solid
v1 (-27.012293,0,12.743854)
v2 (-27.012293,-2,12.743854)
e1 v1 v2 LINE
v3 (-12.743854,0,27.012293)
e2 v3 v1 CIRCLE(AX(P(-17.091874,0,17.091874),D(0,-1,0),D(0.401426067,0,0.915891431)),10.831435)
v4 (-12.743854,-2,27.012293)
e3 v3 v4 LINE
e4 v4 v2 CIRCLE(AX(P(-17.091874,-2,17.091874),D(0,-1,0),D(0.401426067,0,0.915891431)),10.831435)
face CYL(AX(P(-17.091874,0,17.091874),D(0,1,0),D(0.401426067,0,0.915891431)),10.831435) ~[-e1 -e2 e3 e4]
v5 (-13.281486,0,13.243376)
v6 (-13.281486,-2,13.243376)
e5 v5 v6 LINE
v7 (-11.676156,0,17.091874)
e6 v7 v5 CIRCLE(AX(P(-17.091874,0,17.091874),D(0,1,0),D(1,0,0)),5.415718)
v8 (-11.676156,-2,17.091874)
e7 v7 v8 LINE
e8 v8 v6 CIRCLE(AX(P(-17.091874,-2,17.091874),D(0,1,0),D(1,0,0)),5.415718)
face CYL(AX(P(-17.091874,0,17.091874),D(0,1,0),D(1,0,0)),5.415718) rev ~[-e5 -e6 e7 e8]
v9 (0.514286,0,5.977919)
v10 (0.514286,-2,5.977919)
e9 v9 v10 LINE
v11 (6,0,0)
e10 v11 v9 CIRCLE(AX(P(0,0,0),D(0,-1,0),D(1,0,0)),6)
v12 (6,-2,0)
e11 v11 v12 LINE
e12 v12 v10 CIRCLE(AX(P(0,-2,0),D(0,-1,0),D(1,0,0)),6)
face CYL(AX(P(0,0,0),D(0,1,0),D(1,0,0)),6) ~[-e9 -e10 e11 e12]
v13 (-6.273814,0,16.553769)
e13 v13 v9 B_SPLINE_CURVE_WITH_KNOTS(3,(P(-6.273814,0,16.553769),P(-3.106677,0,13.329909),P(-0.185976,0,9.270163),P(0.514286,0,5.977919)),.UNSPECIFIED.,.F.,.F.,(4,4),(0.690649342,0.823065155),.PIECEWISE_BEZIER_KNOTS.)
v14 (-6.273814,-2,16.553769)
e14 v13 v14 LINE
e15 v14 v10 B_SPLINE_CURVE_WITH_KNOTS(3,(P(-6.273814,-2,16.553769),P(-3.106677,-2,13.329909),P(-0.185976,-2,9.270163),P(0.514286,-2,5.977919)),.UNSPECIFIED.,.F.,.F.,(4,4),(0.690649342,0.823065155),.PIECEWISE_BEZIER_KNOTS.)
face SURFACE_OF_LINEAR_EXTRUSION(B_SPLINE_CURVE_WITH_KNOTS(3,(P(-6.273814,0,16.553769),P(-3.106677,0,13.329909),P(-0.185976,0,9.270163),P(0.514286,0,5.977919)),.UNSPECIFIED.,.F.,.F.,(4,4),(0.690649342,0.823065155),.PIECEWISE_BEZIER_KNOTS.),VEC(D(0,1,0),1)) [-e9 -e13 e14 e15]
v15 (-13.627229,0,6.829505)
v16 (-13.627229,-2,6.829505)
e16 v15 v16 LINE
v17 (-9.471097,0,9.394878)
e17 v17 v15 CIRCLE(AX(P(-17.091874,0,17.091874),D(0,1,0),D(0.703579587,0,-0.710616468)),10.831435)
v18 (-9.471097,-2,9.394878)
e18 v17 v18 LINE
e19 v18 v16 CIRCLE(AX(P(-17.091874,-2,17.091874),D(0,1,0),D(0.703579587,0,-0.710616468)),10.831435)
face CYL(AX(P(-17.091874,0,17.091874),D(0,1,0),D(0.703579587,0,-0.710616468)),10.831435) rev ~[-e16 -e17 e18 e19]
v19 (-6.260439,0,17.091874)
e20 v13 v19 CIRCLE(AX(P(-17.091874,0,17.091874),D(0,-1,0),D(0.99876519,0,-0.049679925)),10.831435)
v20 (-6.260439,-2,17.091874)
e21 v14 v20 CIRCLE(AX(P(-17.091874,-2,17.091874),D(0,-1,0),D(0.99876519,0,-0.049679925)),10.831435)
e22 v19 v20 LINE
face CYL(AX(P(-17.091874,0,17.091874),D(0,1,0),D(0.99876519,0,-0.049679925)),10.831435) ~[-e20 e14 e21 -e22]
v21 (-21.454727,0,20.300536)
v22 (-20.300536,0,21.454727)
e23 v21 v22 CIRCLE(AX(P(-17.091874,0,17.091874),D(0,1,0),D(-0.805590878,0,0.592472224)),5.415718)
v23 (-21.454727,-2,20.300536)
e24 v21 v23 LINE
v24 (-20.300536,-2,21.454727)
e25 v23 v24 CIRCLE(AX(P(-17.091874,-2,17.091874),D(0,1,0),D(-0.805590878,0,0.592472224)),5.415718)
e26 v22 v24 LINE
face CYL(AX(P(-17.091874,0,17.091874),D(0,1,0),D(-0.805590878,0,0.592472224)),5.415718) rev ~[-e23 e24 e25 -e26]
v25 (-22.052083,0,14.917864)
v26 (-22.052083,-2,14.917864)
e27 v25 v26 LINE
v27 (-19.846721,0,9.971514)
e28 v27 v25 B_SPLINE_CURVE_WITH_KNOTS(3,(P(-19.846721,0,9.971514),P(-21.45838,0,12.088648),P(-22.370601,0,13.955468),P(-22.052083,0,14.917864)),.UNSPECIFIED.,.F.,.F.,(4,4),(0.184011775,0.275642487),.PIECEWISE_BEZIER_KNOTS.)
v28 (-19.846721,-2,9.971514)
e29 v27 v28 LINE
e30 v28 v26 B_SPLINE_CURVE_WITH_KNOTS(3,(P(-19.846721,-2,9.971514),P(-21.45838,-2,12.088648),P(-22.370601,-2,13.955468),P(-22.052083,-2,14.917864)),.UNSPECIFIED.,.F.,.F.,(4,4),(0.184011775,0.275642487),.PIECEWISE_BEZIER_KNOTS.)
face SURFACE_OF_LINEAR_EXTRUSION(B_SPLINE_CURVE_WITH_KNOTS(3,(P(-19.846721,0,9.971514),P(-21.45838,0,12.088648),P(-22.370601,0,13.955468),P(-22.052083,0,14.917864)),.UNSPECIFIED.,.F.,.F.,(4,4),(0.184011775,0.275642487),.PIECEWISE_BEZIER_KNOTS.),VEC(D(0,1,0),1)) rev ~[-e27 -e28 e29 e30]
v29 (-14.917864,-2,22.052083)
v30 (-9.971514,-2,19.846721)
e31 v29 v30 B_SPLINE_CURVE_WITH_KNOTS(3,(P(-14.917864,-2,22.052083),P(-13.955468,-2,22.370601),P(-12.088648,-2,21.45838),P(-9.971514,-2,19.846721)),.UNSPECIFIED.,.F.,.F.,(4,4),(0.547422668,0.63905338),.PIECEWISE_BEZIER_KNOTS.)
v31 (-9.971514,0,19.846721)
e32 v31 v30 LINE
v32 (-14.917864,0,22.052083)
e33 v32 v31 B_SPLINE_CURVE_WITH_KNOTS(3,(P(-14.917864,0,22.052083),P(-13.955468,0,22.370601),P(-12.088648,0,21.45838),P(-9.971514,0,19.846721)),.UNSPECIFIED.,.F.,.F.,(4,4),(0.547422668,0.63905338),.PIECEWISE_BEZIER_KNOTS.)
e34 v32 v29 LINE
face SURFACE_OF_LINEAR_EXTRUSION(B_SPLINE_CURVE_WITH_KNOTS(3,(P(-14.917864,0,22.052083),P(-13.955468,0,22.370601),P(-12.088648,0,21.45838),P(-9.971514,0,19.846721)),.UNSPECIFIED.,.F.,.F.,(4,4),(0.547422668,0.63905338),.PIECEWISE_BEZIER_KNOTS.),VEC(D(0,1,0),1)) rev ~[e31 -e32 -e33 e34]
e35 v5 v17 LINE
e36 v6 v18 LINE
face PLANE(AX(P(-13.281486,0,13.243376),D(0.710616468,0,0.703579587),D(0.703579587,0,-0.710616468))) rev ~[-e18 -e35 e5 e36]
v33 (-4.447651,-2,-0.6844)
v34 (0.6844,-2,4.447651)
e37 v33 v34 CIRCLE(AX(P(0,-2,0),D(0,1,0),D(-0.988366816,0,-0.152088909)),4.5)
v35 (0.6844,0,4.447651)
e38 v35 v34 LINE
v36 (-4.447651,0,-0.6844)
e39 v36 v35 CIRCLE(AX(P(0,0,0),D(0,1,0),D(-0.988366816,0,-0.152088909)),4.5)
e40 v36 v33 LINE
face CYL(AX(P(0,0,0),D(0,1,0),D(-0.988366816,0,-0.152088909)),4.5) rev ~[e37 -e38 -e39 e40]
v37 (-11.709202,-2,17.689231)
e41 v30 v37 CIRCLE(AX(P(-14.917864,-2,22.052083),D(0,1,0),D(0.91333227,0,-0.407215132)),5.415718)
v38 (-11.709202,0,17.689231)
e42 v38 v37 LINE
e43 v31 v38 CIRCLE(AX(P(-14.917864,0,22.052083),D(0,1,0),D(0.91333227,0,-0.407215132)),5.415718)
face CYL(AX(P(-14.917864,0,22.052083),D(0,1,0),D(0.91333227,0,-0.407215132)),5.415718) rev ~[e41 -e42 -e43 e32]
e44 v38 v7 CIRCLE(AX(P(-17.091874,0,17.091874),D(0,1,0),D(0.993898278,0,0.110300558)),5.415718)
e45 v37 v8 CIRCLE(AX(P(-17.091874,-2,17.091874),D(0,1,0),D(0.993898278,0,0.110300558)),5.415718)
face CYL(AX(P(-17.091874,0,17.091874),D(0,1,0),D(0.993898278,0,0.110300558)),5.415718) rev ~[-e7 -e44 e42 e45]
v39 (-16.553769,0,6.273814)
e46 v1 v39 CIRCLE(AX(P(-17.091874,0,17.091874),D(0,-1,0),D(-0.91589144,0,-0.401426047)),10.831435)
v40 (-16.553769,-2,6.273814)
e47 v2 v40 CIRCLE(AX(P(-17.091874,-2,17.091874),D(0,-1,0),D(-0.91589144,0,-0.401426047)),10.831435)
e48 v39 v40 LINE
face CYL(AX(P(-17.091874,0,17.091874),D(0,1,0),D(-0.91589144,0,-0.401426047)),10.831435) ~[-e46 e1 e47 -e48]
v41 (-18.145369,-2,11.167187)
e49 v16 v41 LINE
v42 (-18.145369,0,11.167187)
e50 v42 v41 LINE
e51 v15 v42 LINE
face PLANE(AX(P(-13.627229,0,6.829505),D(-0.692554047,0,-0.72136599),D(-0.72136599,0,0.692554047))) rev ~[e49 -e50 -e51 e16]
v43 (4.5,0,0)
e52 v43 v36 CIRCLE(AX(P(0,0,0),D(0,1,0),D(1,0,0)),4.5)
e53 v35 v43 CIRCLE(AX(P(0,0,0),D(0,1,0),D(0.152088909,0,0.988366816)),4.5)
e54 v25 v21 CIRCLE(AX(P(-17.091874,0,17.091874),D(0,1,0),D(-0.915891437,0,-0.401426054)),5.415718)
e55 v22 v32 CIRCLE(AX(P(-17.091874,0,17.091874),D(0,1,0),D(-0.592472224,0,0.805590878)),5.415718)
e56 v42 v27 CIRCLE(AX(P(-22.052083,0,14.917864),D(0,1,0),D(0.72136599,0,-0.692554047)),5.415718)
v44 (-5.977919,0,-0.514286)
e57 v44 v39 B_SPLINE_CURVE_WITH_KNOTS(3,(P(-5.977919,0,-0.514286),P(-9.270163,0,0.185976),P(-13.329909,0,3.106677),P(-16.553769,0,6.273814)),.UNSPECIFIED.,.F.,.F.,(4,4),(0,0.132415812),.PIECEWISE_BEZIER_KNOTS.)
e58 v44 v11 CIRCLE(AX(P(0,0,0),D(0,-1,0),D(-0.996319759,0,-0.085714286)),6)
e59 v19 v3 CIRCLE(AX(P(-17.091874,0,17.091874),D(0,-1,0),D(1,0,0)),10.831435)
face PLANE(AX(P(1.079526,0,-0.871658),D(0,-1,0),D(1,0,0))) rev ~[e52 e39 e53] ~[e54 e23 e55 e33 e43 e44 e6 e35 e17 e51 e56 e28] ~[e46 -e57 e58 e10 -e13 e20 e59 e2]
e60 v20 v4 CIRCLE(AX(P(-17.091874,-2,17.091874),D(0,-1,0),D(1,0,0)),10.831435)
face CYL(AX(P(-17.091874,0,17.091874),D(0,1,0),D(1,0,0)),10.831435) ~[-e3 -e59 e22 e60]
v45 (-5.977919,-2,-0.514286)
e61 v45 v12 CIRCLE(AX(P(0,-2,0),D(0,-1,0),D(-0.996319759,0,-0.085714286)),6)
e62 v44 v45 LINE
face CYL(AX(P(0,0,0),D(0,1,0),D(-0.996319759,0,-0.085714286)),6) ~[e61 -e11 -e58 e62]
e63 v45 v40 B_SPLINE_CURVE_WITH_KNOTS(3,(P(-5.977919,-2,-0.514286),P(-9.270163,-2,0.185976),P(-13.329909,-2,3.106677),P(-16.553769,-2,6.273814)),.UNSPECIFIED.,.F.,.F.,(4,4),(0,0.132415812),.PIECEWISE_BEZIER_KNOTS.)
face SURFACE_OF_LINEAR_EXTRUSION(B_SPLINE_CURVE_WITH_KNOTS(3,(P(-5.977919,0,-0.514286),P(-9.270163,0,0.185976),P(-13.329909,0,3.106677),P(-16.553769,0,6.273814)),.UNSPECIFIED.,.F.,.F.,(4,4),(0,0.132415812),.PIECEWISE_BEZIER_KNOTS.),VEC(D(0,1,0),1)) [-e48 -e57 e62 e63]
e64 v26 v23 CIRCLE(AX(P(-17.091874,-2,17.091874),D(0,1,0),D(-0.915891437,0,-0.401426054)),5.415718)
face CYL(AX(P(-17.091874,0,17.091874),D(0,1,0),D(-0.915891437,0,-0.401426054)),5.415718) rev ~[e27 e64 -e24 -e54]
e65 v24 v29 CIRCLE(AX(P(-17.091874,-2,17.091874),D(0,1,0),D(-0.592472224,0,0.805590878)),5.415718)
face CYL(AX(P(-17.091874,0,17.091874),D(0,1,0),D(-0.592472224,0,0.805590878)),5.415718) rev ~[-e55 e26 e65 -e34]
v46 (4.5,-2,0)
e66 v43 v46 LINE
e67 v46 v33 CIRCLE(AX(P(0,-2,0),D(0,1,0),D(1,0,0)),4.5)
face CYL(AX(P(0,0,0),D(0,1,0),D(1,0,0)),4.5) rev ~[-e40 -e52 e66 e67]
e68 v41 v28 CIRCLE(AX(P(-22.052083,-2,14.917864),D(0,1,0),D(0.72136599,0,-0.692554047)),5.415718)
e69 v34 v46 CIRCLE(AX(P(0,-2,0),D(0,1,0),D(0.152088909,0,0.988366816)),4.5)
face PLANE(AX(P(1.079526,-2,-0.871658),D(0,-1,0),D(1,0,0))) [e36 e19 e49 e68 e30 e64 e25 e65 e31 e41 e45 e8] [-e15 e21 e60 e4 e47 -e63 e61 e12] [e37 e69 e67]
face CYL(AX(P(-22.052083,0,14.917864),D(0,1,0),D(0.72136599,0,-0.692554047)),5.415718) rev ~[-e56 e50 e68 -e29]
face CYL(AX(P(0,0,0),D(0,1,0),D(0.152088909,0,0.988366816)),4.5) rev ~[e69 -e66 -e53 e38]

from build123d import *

# Parameters (mm, degrees)
F1_DEPTH = 2


with BuildPart() as f1:
    # F0 (on Front) → F1 (new body)
    with BuildSketch(Plane.XZ):
        with BuildLine():
            ThreePointArc((0.6844000922, 4.4476506735), (3.4153916624, 2.9300340941), (4.5, 0))
            ThreePointArc((4.5, 0), (0.3431996279, -4.4868935819), (-4.4476506735, -0.6844000922))
            add(Edge.make_bspline(
                [(-4.4476506735, -0.6844000922), (-4.9346746385, -0.6825419939), (-5.4462900919, -0.6273633621), (-5.9779185511, -0.5142857143)],
                knots=[0.9786176191, 0.9786176191, 0.9786176191, 0.9786176191, 1, 1, 1, 1], degree=3))
            ThreePointArc((-5.9779185511, -0.5142857143), (0.2573797711, -5.9944770959), (6, 0))
            ThreePointArc((6, 0), (4.4207303857, 4.0567404227), (0.5142857143, 5.9779185511))
            add(Edge.make_bspline(
                [(0.5142857143, 5.9779185511), (0.6273633621, 5.4462900919), (0.6825419939, 4.9346746385), (0.6844000922, 4.4476506735)],
                knots=[0.8230651547, 0.8230651547, 0.8230651547, 0.8230651547, 0.8444475356, 0.8444475356, 0.8444475356, 0.8444475356], degree=3))
        make_face()
        with BuildLine():
            ThreePointArc((-4.4476506735, -0.6844000922), (-3.1819805153, 3.1819805153), (0.6844000922, 4.4476506735))
            add(Edge.make_bspline(
                [(0.5142857143, 5.9779185511), (0.6273633621, 5.4462900919), (0.6825419939, 4.9346746385), (0.6844000922, 4.4476506735)],
                knots=[0.8230651547, 0.8230651547, 0.8230651547, 0.8230651547, 0.8444475356, 0.8444475356, 0.8444475356, 0.8444475356], degree=3))
            ThreePointArc((0.5142857143, 5.9779185511), (-2.0986157278, 5.6210152132), (-4.3060976098, 4.1782201205))
            ThreePointArc((-4.3060976098, 4.1782201205), (-5.6520040562, 2.0136658482), (-5.9779185511, -0.5142857143))
            add(Edge.make_bspline(
                [(-4.4476506735, -0.6844000922), (-4.9346746385, -0.6825419939), (-5.4462900919, -0.6273633621), (-5.9779185511, -0.5142857143)],
                knots=[0.9786176191, 0.9786176191, 0.9786176191, 0.9786176191, 1, 1, 1, 1], degree=3))
        make_face()
        with BuildLine():
            ThreePointArc((-4.3060976098, 4.1782201205), (-2.0986157278, 5.6210152132), (0.5142857143, 5.9779185511))
            add(Edge.make_bspline(
                [(-6.2738136049, 16.5537690574), (-3.1066768068, 13.3299091312), (-0.1859762748, 9.2701625042), (0.5142857143, 5.9779185511)],
                knots=[0.6906493425, 0.6906493425, 0.6906493425, 0.6906493425, 0.8230651547, 0.8230651547, 0.8230651547, 0.8230651547], degree=3))
            ThreePointArc((-6.2738136049, 16.5537690574), (-7.2019746382, 12.674875181), (-9.4710973104, 9.3948777866))
            Line((-9.4710973104, 9.3948777866), (-4.3060976098, 4.1782201205))
        make_face()
        with BuildLine():
            Line((-13.6272287459, 6.8295048215), (-5.9779185511, -0.5142857143))
            ThreePointArc((-5.9779185511, -0.5142857143), (-5.6520040562, 2.0136658482), (-4.3060976098, 4.1782201205))
            Line((-4.3060976098, 4.1782201205), (-9.4710973104, 9.3948777866))
            ThreePointArc((-9.4710973104, 9.3948777866), (-11.4026798966, 7.8748756561), (-13.6272287459, 6.8295048215))
        make_face()
        with BuildLine():
            add(Edge.make_bspline(
                [(-5.9779185511, -0.5142857143), (-9.2701625042, 0.1859762748), (-13.3299091312, 3.1066768068), (-16.5537690574, 6.2738136049)],
                knots=[0, 0, 0, 0, 0.1324158122, 0.1324158122, 0.1324158122, 0.1324158122], degree=3))
            Line((-5.9779185511, -0.5142857143), (-13.6272287459, 6.8295048215))
            ThreePointArc((-13.6272287459, 6.8295048215), (-15.0713046573, 6.4505729841), (-16.5537690574, 6.2738136049))
        make_face()
        with BuildLine():
            ThreePointArc((-9.4710973104, 9.3948777866), (-7.2019746382, 12.674875181), (-6.2738136049, 16.5537690574))
            add(Edge.make_bspline(
                [(-9.9715142143, 19.8467211367), (-8.7793859803, 18.9392190064), (-7.5078918356, 17.8099495155), (-6.2738136049, 16.5537690574)],
                knots=[0.63905338, 0.63905338, 0.63905338, 0.63905338, 0.6906493425, 0.6906493425, 0.6906493425, 0.6906493425], degree=3))
            ThreePointArc((-9.9715142143, 19.8467211367), (-10.7000746105, 18.6549888152), (-11.7092015977, 17.6892306154))
            ThreePointArc((-11.7092015977, 17.6892306154), (-11.6844240059, 17.3910089394), (-11.6761563944, 17.0918739469))
            ThreePointArc((-11.6761563944, 17.0918739469), (-12.093575061, 15.00692674), (-13.2814856287, 13.2433758668))
            Line((-13.2814856287, 13.2433758668), (-9.4710973104, 9.3948777866))
        make_face()
        with BuildLine():
            add(Edge.make_bspline(
                [(-9.9715142143, 19.8467211367), (-8.7793859803, 18.9392190064), (-7.5078918356, 17.8099495155), (-6.2738136049, 16.5537690574)],
                knots=[0.63905338, 0.63905338, 0.63905338, 0.63905338, 0.6906493425, 0.6906493425, 0.6906493425, 0.6906493425], degree=3))
            ThreePointArc((-6.2738136049, 16.5537690574), (-6.2637830489, 16.8227384065), (-6.2604388418, 17.0918739469))
            ThreePointArc((-6.2604388418, 17.0918739469), (-8.0250308603, 23.0174408294), (-12.7438535579, 27.0122925436))
            ThreePointArc((-12.7438535579, 27.0122925436), (-10.3844422581, 25.0148666852), (-9.5021462697, 22.0520832759))
            ThreePointArc((-9.5021462697, 22.0520832759), (-9.6207877891, 20.9247048531), (-9.9715142143, 19.8467211367))
        make_face()
        with BuildLine():
            ThreePointArc((-27.012292638, 12.7438537735), (-22.790321807, 7.8805939912), (-16.5537690574, 6.2738136049))
            add(Edge.make_bspline(
                [(-16.5537690574, 6.2738136049), (-17.8099495155, 7.5078918356), (-18.9392190064, 8.7793859803), (-19.8467211367, 9.9715142143)],
                knots=[0.1324158122, 0.1324158122, 0.1324158122, 0.1324158122, 0.1840117746, 0.1840117746, 0.1840117746, 0.1840117746], degree=3))
            ThreePointArc((-19.8467211367, 9.9715142143), (-24.0062486894, 9.8669991294), (-27.012292638, 12.7438537735))
        make_face()
        with BuildLine():
            add(Edge.make_bspline(
                [(-16.5537690574, 6.2738136049), (-17.8099495155, 7.5078918356), (-18.9392190064, 8.7793859803), (-19.8467211367, 9.9715142143)],
                knots=[0.1324158122, 0.1324158122, 0.1324158122, 0.1324158122, 0.1840117746, 0.1840117746, 0.1840117746, 0.1840117746], degree=3))
            ThreePointArc((-16.5537690574, 6.2738136049), (-15.0713046573, 6.4505729841), (-13.6272287459, 6.8295048215))
            Line((-13.6272287459, 6.8295048215), (-18.1453688204, 11.1671867137))
            ThreePointArc((-18.1453688204, 11.1671867137), (-18.9381182382, 10.4869250557), (-19.8467211367, 9.9715142143))
        make_face()
        with BuildLine():
            add(Edge.make_bspline(
                [(-14.9178638223, 22.0520832759), (-13.955468202, 22.3706014122), (-12.0886480797, 21.4583795456), (-9.9715142143, 19.8467211367)],
                knots=[0.5474226676, 0.5474226676, 0.5474226676, 0.5474226676, 0.63905338, 0.63905338, 0.63905338, 0.63905338], degree=3))
            ThreePointArc((-9.9715142143, 19.8467211367), (-9.6207877891, 20.9247048531), (-9.5021462697, 22.0520832759))
            ThreePointArc((-9.5021462697, 22.0520832759), (-10.3844422581, 25.0148666852), (-12.7438535579, 27.0122925436))
            ThreePointArc((-12.7438535579, 27.0122925436), (-18.1265259854, 26.4149359815), (-20.3005361715, 21.4547266074))
            ThreePointArc((-20.3005361715, 21.4547266074), (-17.6892306154, 22.4745462962), (-14.9178638223, 22.0520832759))
        make_face()
        with BuildLine():
            ThreePointArc((-27.012292638, 12.7438537735), (-24.0062486894, 9.8669991294), (-19.8467211367, 9.9715142143))
            add(Edge.make_bspline(
                [(-19.8467211367, 9.9715142143), (-21.4583795456, 12.0886480797), (-22.3706014122, 13.955468202), (-22.0520832759, 14.9178638223)],
                knots=[0.1840117746, 0.1840117746, 0.1840117746, 0.1840117746, 0.275642487, 0.275642487, 0.275642487, 0.275642487], degree=3))
            ThreePointArc((-22.0520832759, 14.9178638223), (-22.4745462962, 17.6892306154), (-21.4547266074, 20.3005361715))
            ThreePointArc((-21.4547266074, 20.3005361715), (-26.4149359118, 18.1265260803), (-27.012292638, 12.7438537735))
        make_face()
        with BuildLine():
            ThreePointArc((-12.7438535579, 27.0122925436), (-24.7508550765, 24.7508552429), (-27.012292638, 12.7438537735))
            ThreePointArc((-27.012292638, 12.7438537735), (-26.4149359118, 18.1265260803), (-21.4547266074, 20.3005361715))
            ThreePointArc((-21.4547266074, 20.3005361715), (-20.9213645533, 20.9213645533), (-20.3005361715, 21.4547266074))
            ThreePointArc((-20.3005361715, 21.4547266074), (-18.1265259854, 26.4149359815), (-12.7438535579, 27.0122925436))
        make_face()
    extrude(amount=F1_DEPTH)


solid = f1.part
